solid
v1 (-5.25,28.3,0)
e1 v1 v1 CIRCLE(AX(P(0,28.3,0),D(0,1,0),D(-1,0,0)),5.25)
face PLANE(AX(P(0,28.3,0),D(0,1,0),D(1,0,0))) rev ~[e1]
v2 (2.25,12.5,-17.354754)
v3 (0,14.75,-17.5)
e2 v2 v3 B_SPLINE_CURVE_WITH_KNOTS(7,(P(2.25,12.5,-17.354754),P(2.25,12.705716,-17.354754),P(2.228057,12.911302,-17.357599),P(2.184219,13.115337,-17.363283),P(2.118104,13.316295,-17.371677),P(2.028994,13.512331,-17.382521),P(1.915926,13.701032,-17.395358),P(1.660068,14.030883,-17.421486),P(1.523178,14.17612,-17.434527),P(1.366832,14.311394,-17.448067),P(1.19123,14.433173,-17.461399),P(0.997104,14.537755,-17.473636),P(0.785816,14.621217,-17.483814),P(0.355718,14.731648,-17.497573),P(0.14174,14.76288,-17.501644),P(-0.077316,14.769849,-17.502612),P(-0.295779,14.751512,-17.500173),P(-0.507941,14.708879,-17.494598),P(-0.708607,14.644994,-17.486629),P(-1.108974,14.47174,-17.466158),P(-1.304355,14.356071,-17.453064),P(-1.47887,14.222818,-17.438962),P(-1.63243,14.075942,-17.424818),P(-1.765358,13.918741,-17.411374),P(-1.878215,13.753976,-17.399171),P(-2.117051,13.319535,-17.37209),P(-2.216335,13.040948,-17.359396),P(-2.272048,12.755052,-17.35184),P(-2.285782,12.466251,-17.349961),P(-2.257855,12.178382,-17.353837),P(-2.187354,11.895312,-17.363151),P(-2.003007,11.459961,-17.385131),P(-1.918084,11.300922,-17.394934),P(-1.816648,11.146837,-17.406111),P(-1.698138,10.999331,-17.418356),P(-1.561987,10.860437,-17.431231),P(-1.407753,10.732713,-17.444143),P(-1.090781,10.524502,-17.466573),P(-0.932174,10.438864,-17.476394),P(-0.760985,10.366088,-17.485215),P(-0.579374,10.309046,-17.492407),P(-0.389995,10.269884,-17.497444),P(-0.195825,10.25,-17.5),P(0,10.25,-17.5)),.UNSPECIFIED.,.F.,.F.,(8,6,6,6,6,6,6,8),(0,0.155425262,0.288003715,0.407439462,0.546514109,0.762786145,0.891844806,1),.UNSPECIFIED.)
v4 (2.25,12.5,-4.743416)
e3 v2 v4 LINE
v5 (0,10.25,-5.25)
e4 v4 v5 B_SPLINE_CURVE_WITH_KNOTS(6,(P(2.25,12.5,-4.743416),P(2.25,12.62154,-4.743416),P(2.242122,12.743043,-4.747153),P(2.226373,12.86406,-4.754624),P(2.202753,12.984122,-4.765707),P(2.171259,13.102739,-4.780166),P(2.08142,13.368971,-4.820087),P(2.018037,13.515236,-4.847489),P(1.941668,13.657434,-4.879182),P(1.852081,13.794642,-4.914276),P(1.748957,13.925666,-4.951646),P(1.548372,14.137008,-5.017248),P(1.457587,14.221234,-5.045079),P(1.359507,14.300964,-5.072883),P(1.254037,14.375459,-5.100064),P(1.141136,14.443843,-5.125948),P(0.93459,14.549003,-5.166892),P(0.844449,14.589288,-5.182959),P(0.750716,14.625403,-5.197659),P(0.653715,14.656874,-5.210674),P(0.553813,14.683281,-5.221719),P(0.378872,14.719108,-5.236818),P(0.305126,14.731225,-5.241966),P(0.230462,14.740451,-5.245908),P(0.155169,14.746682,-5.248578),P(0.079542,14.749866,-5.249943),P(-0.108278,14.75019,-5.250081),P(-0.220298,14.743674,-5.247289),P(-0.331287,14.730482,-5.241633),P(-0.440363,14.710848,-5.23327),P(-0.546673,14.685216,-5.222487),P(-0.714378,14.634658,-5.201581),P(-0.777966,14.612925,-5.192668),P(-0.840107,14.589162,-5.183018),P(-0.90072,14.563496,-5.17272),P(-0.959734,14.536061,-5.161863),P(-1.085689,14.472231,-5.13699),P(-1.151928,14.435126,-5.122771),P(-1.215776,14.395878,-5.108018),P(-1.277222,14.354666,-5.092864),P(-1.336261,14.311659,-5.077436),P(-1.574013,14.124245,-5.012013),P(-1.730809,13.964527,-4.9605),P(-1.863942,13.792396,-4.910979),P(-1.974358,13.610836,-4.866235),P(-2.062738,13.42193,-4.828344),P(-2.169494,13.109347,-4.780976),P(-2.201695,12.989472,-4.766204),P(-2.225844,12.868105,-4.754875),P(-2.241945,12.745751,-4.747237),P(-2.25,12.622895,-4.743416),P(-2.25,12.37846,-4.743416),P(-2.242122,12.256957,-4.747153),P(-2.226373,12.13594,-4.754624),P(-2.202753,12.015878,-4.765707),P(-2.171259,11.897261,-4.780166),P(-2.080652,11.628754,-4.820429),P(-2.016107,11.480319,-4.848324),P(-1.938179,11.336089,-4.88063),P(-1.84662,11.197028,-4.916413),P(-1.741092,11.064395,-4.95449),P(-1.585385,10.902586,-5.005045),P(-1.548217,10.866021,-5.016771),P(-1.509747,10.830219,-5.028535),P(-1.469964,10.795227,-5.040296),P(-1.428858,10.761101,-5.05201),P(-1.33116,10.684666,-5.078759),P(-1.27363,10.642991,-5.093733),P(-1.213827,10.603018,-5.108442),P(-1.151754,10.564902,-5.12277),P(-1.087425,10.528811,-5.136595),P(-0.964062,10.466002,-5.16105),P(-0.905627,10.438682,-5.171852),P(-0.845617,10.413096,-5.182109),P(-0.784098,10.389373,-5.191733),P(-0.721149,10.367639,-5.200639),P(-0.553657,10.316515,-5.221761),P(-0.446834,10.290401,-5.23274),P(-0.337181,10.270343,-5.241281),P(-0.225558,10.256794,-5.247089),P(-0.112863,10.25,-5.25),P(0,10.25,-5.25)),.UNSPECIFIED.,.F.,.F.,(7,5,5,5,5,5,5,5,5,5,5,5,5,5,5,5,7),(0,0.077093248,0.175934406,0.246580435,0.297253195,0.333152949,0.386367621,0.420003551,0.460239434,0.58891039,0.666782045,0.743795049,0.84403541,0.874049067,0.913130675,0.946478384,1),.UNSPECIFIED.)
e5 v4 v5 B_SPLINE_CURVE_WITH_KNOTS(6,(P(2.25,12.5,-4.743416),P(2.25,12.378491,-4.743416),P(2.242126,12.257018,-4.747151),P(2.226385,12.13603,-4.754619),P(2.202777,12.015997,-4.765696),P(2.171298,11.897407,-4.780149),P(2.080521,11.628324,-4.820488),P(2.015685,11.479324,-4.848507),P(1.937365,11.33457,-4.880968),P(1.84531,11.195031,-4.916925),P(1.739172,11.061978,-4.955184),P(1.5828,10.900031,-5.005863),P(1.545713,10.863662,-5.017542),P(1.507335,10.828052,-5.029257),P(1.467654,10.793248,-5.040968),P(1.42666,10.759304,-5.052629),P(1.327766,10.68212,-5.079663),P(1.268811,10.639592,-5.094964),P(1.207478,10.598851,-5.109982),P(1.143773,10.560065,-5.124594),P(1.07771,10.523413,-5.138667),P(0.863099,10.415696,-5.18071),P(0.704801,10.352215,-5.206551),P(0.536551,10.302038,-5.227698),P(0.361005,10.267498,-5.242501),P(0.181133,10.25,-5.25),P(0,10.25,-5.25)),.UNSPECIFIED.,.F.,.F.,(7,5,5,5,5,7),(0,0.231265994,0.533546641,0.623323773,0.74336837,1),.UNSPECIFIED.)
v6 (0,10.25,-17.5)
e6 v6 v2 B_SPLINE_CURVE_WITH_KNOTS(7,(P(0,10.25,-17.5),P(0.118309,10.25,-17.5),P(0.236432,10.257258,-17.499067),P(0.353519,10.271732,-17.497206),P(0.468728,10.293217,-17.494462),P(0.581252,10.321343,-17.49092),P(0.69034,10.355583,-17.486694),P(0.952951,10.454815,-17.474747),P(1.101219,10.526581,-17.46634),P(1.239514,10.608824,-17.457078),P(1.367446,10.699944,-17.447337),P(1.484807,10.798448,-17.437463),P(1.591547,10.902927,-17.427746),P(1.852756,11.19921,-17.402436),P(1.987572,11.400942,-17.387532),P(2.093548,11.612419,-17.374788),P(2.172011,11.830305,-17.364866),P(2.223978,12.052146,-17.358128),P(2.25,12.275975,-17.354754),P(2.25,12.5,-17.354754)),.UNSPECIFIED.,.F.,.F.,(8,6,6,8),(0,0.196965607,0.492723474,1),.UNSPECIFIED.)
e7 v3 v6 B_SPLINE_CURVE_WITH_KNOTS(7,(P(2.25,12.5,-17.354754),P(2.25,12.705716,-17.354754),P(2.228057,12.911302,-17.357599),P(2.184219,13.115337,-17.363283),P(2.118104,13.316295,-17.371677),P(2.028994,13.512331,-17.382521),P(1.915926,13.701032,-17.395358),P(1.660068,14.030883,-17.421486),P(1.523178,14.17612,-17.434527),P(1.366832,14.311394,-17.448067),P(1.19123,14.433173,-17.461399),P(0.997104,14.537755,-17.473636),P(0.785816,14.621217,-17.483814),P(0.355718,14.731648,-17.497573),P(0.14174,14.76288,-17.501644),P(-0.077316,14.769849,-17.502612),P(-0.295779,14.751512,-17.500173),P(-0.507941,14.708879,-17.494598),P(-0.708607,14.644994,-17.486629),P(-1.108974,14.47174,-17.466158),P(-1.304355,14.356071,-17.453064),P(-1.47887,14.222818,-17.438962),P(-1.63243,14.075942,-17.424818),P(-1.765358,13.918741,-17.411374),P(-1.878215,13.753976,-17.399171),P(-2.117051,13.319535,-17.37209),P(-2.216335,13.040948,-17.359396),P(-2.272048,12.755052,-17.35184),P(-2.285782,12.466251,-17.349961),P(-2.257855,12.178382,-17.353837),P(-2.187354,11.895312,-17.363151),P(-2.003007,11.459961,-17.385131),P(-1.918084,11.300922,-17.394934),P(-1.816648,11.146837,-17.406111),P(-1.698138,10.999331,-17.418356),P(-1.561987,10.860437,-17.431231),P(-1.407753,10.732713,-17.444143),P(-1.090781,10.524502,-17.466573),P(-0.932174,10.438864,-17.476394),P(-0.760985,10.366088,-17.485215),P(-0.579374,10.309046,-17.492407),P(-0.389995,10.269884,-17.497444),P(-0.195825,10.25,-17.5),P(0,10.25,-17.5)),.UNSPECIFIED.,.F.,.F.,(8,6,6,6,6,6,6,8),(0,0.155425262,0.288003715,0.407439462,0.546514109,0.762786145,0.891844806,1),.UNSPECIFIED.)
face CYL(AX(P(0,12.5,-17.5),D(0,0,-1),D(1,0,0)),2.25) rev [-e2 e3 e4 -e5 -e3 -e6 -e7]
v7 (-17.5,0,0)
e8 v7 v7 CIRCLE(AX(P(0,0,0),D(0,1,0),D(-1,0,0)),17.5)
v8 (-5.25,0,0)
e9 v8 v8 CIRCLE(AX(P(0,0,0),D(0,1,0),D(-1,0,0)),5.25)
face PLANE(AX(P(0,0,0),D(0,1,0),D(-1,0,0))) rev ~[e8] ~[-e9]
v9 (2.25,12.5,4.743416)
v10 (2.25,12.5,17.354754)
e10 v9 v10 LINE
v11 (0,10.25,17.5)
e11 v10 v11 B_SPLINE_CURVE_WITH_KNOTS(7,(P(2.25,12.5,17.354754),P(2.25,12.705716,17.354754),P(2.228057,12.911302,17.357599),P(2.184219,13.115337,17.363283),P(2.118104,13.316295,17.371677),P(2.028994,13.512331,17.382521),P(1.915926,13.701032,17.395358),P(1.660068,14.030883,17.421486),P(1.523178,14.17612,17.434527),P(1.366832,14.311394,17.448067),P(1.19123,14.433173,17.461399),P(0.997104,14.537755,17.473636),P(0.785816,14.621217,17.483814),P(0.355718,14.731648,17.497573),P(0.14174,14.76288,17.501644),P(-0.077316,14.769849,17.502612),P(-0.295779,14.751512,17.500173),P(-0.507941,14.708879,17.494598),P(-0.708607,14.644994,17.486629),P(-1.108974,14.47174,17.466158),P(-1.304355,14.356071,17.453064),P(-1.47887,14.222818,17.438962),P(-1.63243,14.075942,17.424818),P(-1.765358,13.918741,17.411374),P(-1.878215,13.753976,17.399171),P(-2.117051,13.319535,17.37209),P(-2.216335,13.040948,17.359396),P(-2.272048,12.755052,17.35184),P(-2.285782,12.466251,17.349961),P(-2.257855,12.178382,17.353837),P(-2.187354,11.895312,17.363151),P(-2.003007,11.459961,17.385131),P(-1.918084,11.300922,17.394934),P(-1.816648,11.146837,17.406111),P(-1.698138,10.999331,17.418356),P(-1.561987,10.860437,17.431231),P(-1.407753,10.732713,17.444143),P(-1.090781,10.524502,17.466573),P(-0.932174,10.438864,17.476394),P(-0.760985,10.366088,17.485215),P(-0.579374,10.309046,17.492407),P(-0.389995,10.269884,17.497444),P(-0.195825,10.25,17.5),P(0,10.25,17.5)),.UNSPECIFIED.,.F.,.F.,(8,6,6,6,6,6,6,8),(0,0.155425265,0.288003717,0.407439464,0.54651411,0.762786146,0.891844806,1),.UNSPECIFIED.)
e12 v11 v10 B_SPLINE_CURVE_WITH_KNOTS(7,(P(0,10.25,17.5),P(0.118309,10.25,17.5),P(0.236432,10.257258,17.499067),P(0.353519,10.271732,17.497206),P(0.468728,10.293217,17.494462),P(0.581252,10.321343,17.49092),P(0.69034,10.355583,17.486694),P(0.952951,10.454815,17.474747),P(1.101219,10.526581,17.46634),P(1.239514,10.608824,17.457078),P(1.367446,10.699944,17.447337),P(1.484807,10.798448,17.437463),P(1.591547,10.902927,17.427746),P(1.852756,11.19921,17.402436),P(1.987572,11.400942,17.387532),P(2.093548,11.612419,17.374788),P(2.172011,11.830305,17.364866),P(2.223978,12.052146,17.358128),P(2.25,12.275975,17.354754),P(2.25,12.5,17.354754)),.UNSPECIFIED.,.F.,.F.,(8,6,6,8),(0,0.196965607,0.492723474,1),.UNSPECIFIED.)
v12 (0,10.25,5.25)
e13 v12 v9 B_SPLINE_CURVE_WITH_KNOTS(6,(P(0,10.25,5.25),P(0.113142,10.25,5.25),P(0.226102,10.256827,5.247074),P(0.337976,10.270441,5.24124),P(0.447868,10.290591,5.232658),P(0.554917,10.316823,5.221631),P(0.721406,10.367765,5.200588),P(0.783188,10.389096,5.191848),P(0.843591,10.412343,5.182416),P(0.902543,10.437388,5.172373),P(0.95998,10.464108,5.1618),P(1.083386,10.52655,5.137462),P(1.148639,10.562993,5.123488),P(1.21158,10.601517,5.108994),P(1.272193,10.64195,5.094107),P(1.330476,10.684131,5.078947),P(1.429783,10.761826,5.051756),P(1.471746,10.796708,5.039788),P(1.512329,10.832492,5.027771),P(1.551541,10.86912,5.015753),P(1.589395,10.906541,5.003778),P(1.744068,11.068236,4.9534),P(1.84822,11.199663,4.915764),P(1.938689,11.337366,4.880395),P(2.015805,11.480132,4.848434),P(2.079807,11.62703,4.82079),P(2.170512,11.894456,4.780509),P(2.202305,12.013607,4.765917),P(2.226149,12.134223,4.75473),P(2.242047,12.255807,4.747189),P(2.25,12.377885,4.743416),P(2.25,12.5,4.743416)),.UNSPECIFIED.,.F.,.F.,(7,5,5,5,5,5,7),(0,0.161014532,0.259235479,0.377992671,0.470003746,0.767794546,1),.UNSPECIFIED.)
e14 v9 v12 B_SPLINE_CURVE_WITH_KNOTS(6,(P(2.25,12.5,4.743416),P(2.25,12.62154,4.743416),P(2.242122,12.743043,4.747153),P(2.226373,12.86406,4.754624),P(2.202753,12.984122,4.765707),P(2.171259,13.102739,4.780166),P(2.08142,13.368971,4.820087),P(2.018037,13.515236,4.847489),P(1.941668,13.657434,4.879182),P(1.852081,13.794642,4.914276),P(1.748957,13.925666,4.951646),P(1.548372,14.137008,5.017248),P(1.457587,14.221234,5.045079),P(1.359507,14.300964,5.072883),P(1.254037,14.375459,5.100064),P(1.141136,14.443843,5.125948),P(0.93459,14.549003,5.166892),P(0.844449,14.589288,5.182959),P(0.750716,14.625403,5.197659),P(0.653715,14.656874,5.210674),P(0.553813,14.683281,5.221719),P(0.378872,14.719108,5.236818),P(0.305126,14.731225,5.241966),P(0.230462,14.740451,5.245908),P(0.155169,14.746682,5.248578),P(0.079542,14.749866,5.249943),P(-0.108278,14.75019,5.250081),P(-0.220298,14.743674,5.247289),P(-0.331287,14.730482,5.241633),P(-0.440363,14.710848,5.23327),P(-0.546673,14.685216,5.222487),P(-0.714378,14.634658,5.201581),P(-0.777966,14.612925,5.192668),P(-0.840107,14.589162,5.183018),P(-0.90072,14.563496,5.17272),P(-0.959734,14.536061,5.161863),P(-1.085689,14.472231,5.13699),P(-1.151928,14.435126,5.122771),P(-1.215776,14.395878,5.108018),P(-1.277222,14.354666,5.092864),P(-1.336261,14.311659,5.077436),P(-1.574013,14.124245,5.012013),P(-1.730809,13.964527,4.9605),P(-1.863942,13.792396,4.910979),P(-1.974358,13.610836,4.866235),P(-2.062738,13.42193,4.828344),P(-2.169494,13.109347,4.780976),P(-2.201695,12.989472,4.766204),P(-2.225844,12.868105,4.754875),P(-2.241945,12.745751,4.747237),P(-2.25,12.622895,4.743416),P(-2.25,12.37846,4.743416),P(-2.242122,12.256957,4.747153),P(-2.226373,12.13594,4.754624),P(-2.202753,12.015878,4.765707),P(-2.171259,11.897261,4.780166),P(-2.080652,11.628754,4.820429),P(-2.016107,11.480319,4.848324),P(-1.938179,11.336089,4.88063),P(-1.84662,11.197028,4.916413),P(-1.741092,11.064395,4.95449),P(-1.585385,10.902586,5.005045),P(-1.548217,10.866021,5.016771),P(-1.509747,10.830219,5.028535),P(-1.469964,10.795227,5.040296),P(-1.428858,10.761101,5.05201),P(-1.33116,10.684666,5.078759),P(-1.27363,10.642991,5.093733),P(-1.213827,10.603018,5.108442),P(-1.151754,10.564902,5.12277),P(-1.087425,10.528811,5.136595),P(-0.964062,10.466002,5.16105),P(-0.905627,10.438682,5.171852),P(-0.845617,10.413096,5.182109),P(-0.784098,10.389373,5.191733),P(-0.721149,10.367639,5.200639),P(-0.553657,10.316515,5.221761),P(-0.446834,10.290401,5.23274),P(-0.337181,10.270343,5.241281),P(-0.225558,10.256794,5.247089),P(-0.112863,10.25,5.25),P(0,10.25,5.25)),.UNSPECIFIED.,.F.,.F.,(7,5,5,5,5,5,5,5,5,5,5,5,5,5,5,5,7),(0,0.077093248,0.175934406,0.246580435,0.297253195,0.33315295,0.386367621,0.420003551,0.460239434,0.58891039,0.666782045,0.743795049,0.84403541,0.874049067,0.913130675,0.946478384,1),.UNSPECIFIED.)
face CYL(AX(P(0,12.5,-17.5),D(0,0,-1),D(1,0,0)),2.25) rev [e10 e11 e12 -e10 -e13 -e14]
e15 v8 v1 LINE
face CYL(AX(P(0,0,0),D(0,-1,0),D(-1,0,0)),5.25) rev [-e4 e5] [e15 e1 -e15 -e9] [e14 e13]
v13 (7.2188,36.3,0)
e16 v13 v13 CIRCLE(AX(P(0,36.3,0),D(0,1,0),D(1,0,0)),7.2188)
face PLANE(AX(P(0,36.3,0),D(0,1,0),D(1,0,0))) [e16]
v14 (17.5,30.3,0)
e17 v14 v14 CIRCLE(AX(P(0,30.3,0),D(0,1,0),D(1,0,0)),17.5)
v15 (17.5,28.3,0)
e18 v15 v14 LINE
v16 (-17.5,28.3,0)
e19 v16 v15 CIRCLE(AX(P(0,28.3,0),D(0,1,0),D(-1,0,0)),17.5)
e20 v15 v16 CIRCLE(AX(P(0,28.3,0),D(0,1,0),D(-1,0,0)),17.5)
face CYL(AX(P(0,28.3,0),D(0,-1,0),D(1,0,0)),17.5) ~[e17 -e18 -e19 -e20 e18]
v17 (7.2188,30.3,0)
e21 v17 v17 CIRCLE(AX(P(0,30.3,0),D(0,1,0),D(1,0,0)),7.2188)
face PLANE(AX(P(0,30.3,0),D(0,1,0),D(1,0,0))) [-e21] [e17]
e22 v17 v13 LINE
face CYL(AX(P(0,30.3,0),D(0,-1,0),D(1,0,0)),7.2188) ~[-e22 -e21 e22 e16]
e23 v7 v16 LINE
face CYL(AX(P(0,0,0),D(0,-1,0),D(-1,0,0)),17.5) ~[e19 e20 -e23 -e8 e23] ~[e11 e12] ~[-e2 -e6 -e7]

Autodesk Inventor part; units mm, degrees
ref_plane "YZ Plane" through (0, 0, 0) normal (1, 0, 0) x (0, 1, 0)
ref_plane "XZ Plane" through (0, 0, 0) normal (0, 1, 0) x (-1, 0, 0)
sketch "Sketch1" plane through (0, 0, 0) normal (0, 1, 0) x (-1, 0, 0)
  circle A0 centre (0, 0) radius 17.5
  circle A1 centre (0, 0) radius 5.25
  dimension "d0" = 35
  dimension "d3" = 10.5
extrude "Extrusion1" add sketch "Sketch1" along normal blind 28.3
ref_plane "Work Plane1" through (0, 0, -17.5) normal (0, 0, 1) x (1, 0, 0)
sketch "Sketch2" plane through (0, 0, -17.5) normal (0, 0, 1) x (1, 0, 0)
  line L0 (0, 0) -> (0, 12.5)
  circle A0 centre (0, 12.5) radius 2.25
  dimension "d4" = 12.5
  dimension "d5" = 4.5
extrude "Extrusion2" cut sketch "Sketch2" along normal through all
sketch "Sketch3" plane through (0, 28.3, 0) normal (0, 1, 0) x (1, 0, 0)
  circle A0 centre (0, 0) radius 17.5
extrude "Extrusion3" add sketch "Sketch3" along normal blind 2
sketch "Sketch4" plane through (0, 30.3, 0) normal (0, 1, 0) x (1, 0, 0)
  circle A0 centre (0, 0) radius 2.75
  circle A1 centre (0, 0) radius 7.2188
  dimension "d10" = 5.5
extrude "Extrusion4" add sketch "Sketch4" along normal blind 6 contours A0 | A1
properties part number "StuurPotentiometerConnector"
